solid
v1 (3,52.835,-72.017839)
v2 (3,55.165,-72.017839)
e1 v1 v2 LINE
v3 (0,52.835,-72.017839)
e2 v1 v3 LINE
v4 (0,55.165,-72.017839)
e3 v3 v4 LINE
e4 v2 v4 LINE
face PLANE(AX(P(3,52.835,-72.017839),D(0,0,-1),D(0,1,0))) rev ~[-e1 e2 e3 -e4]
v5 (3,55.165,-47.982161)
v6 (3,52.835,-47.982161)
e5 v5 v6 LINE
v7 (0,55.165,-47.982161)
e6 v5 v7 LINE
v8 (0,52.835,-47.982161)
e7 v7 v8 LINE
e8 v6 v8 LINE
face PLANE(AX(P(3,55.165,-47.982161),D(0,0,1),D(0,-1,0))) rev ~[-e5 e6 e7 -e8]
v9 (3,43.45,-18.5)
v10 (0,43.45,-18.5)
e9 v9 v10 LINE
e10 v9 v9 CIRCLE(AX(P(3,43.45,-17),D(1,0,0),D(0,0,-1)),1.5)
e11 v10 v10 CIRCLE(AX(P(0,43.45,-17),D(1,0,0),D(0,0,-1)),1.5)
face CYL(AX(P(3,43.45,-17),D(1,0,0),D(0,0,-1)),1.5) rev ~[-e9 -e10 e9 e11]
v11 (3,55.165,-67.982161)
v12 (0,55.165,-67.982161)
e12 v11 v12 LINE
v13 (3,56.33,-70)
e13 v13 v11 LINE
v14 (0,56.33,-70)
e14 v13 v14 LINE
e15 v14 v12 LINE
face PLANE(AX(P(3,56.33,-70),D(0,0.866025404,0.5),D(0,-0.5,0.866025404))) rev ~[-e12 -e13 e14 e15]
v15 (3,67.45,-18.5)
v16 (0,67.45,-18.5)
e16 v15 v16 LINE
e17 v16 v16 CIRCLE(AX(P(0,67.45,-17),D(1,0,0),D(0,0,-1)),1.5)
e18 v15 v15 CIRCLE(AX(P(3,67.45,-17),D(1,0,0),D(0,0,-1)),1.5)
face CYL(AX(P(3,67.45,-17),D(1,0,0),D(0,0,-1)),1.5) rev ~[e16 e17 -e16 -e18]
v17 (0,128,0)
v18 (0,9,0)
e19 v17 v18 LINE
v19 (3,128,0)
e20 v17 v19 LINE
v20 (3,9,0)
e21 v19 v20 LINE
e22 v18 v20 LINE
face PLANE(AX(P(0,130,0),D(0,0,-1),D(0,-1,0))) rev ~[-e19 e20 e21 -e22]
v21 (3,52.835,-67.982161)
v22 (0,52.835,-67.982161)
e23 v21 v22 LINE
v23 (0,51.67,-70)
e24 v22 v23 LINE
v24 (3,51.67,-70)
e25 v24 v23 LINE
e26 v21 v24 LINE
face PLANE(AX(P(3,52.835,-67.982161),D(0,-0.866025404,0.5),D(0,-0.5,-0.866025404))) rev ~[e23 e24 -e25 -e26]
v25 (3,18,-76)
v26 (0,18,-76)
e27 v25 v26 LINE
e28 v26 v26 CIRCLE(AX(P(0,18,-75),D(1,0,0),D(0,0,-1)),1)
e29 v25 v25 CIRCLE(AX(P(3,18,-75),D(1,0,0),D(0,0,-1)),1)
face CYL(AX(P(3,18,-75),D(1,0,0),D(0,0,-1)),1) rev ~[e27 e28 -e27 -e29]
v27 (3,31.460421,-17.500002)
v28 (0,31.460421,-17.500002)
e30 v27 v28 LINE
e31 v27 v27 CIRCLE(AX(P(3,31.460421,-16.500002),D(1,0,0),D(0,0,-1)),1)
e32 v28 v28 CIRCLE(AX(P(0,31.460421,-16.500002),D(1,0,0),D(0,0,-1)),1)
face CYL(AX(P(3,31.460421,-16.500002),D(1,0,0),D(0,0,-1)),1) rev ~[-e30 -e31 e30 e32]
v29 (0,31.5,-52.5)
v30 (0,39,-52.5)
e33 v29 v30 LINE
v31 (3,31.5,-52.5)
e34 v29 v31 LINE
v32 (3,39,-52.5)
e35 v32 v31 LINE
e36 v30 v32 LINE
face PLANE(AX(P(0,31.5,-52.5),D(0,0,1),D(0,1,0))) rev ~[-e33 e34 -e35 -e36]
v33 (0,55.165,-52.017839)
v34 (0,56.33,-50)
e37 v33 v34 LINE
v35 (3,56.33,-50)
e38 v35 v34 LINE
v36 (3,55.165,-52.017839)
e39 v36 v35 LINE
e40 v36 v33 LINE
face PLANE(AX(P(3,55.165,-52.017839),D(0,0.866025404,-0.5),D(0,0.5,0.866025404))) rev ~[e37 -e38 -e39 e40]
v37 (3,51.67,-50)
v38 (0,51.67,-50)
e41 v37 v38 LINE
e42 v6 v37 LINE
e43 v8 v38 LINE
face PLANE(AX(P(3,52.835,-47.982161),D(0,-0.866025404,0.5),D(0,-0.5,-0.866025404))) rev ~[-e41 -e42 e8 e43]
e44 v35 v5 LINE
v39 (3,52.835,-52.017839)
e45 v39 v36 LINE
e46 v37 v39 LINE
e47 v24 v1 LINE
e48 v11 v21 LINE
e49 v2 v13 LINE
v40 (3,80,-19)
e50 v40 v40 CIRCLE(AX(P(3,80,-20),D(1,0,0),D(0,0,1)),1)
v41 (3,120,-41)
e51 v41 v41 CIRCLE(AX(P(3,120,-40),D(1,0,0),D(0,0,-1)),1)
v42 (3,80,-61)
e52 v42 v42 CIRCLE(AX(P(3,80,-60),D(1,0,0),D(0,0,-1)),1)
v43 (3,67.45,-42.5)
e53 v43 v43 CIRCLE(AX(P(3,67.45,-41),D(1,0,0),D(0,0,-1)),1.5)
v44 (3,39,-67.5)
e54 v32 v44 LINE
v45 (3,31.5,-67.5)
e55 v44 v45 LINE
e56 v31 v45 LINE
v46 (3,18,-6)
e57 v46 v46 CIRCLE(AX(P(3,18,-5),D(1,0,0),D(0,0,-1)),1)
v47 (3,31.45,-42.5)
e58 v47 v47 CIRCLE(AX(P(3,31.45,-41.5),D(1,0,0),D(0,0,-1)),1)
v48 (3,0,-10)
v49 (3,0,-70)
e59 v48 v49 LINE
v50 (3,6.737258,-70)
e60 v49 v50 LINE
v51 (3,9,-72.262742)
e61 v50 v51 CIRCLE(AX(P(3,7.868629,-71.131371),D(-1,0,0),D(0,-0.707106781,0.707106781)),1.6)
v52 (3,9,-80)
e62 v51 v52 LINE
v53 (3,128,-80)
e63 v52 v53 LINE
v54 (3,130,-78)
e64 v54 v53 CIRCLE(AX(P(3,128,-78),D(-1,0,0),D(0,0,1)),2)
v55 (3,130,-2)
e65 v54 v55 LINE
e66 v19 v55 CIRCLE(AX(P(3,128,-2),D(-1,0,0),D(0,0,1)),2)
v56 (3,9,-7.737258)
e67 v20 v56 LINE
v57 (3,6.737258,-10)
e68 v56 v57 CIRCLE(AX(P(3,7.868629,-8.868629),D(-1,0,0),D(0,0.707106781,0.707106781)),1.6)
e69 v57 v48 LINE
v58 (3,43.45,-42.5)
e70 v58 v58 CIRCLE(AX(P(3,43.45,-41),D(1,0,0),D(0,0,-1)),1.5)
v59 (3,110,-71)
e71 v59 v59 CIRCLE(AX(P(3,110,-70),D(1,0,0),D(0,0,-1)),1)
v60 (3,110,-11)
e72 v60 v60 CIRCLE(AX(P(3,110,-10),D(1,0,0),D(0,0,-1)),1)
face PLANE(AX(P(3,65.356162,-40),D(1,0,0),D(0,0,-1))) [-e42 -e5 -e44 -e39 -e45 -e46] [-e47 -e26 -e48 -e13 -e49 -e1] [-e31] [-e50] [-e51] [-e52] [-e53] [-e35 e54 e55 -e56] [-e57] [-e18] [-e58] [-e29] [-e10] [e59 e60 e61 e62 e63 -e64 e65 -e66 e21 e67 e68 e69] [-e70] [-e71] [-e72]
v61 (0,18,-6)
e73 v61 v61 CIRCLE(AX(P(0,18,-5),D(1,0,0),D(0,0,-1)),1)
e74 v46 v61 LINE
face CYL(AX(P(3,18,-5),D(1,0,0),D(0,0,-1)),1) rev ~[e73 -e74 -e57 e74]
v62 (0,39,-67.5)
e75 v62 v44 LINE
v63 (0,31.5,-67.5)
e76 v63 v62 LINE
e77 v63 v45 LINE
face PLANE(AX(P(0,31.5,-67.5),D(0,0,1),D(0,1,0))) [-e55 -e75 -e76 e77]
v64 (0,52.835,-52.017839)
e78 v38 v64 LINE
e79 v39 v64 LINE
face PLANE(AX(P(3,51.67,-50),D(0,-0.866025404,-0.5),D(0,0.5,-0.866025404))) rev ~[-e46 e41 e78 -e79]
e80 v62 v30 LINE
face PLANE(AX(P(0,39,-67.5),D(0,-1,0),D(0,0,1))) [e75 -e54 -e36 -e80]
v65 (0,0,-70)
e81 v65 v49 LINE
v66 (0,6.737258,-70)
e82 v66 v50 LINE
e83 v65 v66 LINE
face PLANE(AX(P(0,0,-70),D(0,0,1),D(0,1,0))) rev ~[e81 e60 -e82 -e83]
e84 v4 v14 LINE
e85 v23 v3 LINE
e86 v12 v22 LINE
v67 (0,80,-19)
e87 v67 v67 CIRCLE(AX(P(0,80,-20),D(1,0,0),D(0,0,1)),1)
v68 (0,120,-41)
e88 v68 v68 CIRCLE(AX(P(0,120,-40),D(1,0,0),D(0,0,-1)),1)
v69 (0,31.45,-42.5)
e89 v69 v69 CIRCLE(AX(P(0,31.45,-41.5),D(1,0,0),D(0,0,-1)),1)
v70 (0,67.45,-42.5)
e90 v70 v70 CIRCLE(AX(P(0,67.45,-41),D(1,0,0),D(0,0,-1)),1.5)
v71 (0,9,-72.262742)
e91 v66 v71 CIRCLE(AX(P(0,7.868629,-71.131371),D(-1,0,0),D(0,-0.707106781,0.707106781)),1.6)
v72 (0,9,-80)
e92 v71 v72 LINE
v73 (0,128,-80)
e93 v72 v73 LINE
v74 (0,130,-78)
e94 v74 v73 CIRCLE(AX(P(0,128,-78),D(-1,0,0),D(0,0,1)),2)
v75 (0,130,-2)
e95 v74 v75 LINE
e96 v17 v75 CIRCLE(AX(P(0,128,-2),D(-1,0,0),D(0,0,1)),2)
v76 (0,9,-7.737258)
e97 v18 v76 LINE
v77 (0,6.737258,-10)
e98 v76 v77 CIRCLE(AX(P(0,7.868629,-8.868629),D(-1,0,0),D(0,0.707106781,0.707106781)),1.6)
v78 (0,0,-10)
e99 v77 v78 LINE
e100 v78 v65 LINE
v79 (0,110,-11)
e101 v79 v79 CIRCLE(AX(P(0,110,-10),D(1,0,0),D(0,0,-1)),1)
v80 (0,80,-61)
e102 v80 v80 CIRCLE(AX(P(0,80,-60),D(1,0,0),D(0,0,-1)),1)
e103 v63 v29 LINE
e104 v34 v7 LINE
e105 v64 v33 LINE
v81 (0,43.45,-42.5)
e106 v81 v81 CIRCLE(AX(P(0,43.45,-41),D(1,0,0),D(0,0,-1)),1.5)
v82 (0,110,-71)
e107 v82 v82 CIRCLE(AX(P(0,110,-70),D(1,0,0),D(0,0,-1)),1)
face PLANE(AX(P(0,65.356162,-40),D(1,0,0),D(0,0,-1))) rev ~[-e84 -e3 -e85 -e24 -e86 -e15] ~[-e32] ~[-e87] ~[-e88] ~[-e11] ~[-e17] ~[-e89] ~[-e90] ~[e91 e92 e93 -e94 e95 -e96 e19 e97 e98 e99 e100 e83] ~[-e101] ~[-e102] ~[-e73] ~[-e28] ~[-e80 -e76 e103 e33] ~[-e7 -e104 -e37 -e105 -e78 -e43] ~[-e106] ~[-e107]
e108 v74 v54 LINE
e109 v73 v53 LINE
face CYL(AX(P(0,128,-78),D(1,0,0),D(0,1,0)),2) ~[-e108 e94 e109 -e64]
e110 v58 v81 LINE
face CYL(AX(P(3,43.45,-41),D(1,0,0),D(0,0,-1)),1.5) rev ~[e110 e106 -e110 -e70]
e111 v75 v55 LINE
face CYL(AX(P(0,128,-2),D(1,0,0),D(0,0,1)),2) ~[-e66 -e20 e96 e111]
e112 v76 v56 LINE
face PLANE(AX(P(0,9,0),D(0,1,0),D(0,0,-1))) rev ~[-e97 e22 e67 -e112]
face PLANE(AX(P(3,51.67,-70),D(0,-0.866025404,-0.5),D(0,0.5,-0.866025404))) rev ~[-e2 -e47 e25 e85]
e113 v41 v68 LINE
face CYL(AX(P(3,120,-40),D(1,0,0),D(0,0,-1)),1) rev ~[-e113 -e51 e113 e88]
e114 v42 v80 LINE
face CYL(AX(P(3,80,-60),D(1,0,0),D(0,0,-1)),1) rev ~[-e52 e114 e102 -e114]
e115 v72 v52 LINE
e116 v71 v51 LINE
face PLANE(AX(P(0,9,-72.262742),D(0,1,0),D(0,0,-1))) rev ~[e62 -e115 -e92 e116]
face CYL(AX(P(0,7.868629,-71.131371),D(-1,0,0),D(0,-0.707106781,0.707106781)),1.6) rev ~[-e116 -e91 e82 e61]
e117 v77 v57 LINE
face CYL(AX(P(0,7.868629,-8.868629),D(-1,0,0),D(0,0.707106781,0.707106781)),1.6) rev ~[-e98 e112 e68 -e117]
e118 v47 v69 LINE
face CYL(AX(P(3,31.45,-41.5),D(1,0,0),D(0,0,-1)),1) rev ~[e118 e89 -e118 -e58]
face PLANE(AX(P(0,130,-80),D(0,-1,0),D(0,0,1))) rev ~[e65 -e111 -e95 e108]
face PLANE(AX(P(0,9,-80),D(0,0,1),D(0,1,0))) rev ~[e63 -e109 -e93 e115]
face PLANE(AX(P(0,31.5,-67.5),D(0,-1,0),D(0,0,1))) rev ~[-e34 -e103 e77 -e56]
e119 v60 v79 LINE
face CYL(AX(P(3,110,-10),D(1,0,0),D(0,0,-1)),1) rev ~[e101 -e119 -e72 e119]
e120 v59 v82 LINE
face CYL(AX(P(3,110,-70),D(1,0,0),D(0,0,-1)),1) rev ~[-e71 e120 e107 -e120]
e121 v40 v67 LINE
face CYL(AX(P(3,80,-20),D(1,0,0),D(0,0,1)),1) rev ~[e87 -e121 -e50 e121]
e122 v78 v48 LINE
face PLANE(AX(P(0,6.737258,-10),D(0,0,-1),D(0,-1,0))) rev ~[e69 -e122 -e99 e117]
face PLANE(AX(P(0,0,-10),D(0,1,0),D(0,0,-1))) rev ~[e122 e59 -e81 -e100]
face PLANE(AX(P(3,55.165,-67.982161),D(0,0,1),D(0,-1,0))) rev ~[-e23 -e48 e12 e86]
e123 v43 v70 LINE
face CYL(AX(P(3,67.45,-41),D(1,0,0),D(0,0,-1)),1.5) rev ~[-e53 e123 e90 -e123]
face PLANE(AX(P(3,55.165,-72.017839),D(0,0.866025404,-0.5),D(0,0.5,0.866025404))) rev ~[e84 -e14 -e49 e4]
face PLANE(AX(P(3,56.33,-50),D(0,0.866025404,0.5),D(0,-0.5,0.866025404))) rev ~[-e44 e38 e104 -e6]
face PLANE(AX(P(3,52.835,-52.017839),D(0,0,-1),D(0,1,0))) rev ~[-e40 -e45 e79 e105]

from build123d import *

# Parameters (mm, degrees)
EXTRUSION1_DEPTH        = 3
ESQUISSE2_R             = 1
ESQUISSE2_R_2           = 1.5
ENL_V_MAT_EXTRU_1_DEPTH = 4
ESQUISSE3_W             = 15
ESQUISSE3_H             = 7.5
ENL_V_MAT_EXTRU_2_DEPTH = 4
ESQUISSE4_R             = 1
ENL_V_MAT_EXTRU_3_DEPTH = 4
ENL_V_MAT_EXTRU_4_DEPTH = 4
CONG_1_R                = 2
ESQUISSE6_R             = 1
ENL_V_MAT_EXTRU_5_DEPTH = 4


with BuildPart() as part:
    # Esquisse1 → Extrusion1 (new body)
    with BuildSketch(Plane(origin=(0, 0, 0), x_dir=(0, 0, -1), z_dir=(1, 0, 0))):
        with BuildLine():
            Line((10, 6.7372583), (10, 0))
            Line((10, 0), (70, 0))
            Line((70, 0), (70, 6.7372583))
            ThreePointArc((70, 6.7372583), (70, 9), (72.2627417, 9))
            Line((72.2627417, 9), (80, 9))
            Line((80, 9), (80, 130))
            Line((80, 130), (0, 130))
            Line((0, 130), (0, 9))
            Line((0, 9), (7.7372583, 9))
            ThreePointArc((7.7372583, 9), (10, 9), (10, 6.7372583))
        make_face()
    extrude(amount=EXTRUSION1_DEPTH)

    # Esquisse2 → Enlèv. mat.-Extru.1 (cut, through all)
    with BuildSketch(Plane(origin=(3, 0, 0), x_dir=(0, 0, -1), z_dir=(1, 0, 0))):
        with Locations((60, 80)):
            Circle(ESQUISSE2_R)
        with Locations((10, 110)):
            Circle(ESQUISSE2_R)
        with Locations(Location((20, 80, 0), (0, 0, 180))):  # turned: the seam where the file's is
            Circle(ESQUISSE2_R)
        with Locations((70, 110)):
            Circle(ESQUISSE2_R)
        with Locations((17, 67.45)):
            Circle(ESQUISSE2_R_2)
        with Locations((17, 43.45)):
            Circle(ESQUISSE2_R_2)
        with Locations((41, 43.45)):
            Circle(ESQUISSE2_R_2)
        with Locations((41, 67.45)):
            Circle(ESQUISSE2_R_2)
        with Locations((40, 120)):
            Circle(ESQUISSE2_R)
        with Locations((70, 54)):
            Circle(ESQUISSE2_R)
        with Locations((50, 54)):
            Circle(ESQUISSE2_R)
    extrude(amount=-ENL_V_MAT_EXTRU_1_DEPTH, mode=Mode.SUBTRACT)

    # Esquisse3 → Enlèv. mat.-Extru.2 (cut, through all)
    with BuildSketch(Plane.ZY):
        with Locations((-60, 35.25)):
            Rectangle(ESQUISSE3_W, ESQUISSE3_H)
    extrude(amount=-ENL_V_MAT_EXTRU_2_DEPTH, mode=Mode.SUBTRACT)

    # Esquisse4 → Enlèv. mat.-Extru.3 (cut, through all)
    with BuildSketch(Plane(origin=(3, 0, 0), x_dir=(0, 0, -1), z_dir=(1, 0, 0))):
        with Locations((75, 18)):
            Circle(ESQUISSE4_R)
        with Locations((5, 18)):
            Circle(ESQUISSE4_R)
    extrude(amount=-ENL_V_MAT_EXTRU_3_DEPTH, mode=Mode.SUBTRACT)

    # Esquisse5 → Enlèv. mat.-Extru.4 (cut, through all)
    with BuildSketch(Plane(origin=(3, 0, 0), x_dir=(0, 0, -1), z_dir=(1, 0, 0))):
        Polygon((50, 51.67), (52.017839191, 52.835), (52.017839191, 55.165), (50, 56.33), (47.982160809, 55.165), (47.982160809, 52.835), align=None)
        Polygon((70, 51.67), (72.017839191, 52.835), (72.017839191, 55.165), (70, 56.33), (67.982160809, 55.165), (67.982160809, 52.835), align=None)
    extrude(amount=-ENL_V_MAT_EXTRU_4_DEPTH, mode=Mode.SUBTRACT)

    # Congé1
    cong_1_edges = [part.edges().sort_by_distance(p)[0] for p in [
        (1.5, 130, 0),
        (1.5, 130, -80),
    ]]
    fillet(cong_1_edges, radius=CONG_1_R)

    # Esquisse6 → Enlèv. mat.-Extru.5 (cut, through all)
    with BuildSketch(Plane(origin=(3, 0, 0), x_dir=(0, 0, -1), z_dir=(1, 0, 0))):
        with Locations((16.500002172, 31.460421101)):
            Circle(ESQUISSE6_R)
        with Locations((41.5, 31.45)):
            Circle(ESQUISSE6_R)
    extrude(amount=-ENL_V_MAT_EXTRU_5_DEPTH, mode=Mode.SUBTRACT)


solid = part.part
